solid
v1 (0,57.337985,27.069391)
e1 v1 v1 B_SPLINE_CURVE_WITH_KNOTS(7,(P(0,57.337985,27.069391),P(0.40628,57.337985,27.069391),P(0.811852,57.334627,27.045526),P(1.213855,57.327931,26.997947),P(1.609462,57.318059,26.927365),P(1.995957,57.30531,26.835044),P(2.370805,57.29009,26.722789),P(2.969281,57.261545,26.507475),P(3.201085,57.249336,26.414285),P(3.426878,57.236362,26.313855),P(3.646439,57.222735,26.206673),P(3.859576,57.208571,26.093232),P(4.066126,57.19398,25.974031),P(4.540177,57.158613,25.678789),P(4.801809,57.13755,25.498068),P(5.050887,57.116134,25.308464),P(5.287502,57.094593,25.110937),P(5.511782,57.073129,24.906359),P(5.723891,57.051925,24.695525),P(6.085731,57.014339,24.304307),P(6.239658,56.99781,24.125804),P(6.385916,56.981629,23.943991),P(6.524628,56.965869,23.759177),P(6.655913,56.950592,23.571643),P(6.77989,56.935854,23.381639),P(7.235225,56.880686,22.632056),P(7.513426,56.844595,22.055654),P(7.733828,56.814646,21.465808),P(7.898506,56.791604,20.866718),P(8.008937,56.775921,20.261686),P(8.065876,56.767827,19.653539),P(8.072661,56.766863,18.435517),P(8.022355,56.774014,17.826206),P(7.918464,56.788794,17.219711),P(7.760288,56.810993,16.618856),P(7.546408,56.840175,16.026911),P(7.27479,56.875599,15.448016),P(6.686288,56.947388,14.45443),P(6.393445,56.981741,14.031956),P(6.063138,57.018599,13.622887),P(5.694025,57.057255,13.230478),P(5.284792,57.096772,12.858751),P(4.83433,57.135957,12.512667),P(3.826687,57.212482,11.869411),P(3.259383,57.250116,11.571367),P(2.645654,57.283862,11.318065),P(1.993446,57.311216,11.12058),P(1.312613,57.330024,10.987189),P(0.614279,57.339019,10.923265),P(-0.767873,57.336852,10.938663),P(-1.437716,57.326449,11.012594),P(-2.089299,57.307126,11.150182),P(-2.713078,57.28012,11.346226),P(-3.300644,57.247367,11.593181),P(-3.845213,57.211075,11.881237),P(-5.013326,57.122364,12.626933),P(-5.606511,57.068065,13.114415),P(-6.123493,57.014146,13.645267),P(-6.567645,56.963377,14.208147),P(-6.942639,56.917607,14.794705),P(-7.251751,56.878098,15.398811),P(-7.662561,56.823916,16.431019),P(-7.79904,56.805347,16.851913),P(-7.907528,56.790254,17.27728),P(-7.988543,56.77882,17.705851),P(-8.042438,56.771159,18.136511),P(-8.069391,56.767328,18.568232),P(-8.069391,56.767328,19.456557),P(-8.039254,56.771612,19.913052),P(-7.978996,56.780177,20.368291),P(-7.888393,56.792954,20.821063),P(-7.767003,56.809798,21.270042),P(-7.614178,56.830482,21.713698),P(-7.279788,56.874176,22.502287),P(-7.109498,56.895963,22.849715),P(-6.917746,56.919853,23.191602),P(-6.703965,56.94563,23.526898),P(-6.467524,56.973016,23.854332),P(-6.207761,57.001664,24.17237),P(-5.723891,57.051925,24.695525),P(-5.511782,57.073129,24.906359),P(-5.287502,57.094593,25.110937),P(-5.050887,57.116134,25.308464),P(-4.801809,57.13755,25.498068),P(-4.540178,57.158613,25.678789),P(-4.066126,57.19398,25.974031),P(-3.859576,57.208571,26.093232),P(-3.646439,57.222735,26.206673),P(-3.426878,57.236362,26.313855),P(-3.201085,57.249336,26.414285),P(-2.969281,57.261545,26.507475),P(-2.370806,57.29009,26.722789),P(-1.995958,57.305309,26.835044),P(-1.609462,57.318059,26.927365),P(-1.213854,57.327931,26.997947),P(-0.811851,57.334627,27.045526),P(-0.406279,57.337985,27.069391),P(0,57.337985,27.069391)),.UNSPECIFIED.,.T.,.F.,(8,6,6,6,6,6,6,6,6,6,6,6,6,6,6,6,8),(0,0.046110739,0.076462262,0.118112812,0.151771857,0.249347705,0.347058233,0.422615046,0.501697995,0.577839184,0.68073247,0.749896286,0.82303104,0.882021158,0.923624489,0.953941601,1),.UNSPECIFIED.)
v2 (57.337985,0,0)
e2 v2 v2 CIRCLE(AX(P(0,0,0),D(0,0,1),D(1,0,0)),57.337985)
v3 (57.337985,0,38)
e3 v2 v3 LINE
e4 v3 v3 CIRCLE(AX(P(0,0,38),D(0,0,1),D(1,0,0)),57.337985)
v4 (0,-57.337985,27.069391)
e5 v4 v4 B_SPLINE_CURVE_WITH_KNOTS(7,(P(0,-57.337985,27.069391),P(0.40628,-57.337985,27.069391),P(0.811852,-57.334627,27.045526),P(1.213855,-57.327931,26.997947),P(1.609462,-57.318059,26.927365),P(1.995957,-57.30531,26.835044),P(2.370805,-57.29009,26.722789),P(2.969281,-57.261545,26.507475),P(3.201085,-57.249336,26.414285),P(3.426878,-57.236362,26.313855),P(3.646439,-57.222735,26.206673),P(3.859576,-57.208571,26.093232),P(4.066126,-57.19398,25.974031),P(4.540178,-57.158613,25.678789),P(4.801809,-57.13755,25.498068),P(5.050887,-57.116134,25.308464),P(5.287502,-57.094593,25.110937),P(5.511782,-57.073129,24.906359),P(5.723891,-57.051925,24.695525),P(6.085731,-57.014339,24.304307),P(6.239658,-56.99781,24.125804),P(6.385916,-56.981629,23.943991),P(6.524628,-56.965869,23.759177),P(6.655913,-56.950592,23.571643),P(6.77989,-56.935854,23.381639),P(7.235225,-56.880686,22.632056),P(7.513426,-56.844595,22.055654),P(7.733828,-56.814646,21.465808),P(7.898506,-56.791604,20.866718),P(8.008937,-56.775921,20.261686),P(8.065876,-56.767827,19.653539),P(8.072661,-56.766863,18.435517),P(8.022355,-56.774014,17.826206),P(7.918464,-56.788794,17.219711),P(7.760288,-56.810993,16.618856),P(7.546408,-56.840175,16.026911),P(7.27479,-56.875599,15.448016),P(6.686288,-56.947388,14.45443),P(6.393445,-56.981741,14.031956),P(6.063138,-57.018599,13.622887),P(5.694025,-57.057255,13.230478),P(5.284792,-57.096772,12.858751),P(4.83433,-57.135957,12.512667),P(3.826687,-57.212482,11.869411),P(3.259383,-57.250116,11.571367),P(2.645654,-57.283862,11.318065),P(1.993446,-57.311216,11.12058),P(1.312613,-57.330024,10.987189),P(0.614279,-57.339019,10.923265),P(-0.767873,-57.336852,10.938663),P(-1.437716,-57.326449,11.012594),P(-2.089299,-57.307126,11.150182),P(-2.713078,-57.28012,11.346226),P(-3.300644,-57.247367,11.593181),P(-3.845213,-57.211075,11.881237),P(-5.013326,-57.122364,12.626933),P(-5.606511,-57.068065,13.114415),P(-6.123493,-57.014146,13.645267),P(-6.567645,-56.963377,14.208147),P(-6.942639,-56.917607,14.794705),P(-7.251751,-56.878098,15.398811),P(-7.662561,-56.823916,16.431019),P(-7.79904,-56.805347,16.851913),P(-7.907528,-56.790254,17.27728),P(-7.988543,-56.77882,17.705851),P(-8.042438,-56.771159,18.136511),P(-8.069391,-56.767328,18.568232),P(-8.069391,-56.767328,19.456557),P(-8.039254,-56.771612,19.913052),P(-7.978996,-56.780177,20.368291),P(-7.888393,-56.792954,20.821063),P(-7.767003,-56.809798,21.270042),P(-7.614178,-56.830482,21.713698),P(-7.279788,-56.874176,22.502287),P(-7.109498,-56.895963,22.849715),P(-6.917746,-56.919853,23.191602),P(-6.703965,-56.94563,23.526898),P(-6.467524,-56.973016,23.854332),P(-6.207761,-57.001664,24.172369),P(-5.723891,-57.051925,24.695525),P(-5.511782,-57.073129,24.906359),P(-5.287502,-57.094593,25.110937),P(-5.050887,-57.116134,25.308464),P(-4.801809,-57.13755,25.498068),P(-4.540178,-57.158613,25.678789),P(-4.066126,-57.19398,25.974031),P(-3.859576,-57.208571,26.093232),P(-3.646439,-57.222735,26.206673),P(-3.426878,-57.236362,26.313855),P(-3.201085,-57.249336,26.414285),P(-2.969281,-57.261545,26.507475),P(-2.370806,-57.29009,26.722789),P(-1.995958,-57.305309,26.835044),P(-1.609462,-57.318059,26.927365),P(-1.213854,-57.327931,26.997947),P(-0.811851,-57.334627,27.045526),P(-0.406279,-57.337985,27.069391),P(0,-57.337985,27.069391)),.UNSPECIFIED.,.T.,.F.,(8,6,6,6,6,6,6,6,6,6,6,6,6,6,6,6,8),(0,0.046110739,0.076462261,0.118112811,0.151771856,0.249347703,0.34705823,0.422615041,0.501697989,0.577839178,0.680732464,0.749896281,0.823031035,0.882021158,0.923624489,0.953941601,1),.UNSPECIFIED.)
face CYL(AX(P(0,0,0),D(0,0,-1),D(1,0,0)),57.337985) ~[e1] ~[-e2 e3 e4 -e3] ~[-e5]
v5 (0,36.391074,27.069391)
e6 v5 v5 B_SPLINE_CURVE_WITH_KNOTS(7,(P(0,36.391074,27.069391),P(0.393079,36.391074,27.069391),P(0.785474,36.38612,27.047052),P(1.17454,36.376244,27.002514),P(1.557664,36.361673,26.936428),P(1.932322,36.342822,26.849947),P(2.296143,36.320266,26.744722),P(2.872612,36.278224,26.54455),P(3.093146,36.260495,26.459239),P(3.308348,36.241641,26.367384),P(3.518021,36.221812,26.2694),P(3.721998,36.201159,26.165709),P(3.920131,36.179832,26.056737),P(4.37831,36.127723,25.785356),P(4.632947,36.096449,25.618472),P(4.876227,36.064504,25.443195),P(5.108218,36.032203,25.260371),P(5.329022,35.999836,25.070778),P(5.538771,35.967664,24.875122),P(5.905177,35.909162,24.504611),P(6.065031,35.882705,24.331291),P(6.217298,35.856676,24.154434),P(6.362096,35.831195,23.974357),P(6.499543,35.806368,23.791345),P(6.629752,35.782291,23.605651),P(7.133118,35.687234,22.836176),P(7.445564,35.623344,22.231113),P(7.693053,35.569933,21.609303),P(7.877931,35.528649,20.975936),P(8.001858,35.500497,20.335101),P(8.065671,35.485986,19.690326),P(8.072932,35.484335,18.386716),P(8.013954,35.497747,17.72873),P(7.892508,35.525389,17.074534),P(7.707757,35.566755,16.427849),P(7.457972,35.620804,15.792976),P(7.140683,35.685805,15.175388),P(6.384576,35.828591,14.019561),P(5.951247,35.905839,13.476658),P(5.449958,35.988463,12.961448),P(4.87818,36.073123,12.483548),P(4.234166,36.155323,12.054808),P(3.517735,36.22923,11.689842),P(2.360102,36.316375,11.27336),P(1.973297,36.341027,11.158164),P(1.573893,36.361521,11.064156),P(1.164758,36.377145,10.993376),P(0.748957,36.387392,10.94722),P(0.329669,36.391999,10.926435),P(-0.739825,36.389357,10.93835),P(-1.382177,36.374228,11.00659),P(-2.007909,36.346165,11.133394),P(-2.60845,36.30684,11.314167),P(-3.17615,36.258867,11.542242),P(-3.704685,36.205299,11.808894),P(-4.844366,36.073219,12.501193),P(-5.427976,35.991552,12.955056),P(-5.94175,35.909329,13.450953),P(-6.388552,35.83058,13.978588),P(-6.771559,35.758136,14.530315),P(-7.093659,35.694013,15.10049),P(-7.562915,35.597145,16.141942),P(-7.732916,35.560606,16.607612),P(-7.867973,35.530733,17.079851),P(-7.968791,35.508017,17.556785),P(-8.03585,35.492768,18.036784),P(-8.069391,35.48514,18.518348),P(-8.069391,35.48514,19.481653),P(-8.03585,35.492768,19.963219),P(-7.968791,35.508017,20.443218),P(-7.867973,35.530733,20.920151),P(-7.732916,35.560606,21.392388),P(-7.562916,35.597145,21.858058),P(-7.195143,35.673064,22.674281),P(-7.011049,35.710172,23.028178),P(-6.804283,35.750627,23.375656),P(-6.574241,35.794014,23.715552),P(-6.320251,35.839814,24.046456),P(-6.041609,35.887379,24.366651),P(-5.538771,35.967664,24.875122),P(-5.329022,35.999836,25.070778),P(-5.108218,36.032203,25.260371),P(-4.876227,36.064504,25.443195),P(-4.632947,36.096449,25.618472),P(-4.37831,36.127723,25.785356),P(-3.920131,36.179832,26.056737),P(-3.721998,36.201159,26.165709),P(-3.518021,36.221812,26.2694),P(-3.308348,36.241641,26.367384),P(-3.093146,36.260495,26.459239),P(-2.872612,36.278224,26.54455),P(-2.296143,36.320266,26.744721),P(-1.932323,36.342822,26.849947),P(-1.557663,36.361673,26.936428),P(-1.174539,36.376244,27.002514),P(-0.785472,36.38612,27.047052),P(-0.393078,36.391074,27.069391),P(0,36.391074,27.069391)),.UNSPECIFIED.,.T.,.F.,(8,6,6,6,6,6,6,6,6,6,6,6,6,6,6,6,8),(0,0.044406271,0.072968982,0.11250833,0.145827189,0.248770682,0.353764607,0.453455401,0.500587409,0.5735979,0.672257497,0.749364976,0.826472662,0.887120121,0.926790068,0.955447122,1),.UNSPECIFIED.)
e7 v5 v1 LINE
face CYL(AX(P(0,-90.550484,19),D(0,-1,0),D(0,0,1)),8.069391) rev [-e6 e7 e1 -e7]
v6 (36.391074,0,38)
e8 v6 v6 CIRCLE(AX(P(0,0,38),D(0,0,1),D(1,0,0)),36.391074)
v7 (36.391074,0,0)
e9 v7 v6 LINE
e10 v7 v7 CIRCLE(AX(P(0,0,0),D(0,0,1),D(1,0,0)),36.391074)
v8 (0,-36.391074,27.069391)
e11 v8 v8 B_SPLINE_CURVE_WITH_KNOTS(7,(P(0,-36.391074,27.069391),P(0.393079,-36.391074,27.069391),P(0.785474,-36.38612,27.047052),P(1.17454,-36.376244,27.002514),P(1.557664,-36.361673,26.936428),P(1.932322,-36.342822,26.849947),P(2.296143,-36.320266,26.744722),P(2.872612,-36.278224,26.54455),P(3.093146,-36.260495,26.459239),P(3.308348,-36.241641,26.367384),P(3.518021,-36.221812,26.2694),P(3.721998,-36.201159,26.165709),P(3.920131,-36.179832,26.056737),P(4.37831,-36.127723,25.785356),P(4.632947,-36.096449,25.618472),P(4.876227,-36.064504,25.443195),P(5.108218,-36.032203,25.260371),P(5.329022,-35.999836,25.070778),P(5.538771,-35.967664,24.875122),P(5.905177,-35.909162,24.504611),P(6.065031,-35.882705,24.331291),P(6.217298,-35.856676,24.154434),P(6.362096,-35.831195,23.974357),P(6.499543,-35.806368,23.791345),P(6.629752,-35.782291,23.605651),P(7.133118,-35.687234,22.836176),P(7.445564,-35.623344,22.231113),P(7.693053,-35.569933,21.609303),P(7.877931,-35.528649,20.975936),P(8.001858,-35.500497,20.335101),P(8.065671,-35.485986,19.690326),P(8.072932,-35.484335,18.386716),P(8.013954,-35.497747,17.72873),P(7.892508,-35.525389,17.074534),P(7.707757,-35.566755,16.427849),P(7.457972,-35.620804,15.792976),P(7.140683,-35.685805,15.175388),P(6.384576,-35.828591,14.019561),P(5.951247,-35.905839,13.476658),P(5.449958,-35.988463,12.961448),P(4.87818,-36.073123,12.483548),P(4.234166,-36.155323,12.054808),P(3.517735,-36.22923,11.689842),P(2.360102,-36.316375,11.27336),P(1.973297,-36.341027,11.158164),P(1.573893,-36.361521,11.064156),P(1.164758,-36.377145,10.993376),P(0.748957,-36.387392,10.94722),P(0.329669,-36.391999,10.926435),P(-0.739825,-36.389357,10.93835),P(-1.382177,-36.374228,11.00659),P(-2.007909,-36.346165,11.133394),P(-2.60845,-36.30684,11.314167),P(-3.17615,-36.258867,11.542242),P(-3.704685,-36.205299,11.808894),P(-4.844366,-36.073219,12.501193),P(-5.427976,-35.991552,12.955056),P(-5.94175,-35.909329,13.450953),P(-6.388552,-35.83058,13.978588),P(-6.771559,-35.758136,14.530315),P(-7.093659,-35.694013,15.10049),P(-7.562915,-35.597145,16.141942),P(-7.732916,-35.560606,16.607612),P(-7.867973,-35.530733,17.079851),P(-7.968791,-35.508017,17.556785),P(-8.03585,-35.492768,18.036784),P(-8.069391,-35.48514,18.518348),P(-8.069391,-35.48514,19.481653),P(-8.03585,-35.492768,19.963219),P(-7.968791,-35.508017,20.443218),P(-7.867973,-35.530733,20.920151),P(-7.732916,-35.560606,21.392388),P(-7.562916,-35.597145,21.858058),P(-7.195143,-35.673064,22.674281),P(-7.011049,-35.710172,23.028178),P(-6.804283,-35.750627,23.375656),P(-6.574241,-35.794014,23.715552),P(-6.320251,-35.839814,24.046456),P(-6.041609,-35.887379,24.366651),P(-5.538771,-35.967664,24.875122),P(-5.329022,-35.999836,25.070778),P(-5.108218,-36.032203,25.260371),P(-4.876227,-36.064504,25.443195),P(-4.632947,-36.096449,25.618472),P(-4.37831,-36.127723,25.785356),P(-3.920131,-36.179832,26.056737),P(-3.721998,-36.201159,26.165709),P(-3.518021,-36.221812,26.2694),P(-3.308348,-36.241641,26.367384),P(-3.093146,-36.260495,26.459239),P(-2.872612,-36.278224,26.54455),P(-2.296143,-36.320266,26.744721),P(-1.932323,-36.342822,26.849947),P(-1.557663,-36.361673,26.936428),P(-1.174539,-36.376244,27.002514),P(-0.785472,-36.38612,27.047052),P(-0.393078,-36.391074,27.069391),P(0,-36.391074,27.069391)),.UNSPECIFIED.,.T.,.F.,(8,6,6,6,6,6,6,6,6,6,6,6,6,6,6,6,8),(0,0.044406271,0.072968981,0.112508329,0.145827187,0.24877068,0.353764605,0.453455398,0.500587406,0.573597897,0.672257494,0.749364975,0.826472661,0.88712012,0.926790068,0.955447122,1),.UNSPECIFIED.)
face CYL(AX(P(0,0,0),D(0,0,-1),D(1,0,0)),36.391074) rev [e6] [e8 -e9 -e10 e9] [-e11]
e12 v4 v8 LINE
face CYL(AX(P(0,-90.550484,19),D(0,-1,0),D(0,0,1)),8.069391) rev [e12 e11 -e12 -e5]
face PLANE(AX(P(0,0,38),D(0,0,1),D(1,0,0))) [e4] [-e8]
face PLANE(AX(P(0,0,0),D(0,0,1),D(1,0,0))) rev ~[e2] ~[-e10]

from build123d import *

# Parameters (mm, degrees)
SKETCH1_R               = 57.337985499
SKETCH1_R_2             = 36.391073902
BOSS_EXTRUDE2_DEPTH     = 38
CUT_EXTRUDE1_DEPTH      = 90.550483875
CUT_EXTRUDE1_DEPTH_BACK = 90.550483875
SKETCH2_R               = 8.06939109


with BuildPart() as part:
    # Sketch1 → Boss-Extrude2 (new body)
    with BuildSketch(Plane.XY):
        Circle(SKETCH1_R)
        Circle(SKETCH1_R_2, mode=Mode.SUBTRACT)
    extrude(amount=BOSS_EXTRUDE2_DEPTH)

    # Sketch2 → Cut-Extrude1 (cut, two sides: drawn at the far end of the back side and taken through both)
    with BuildSketch(Plane(origin=(0, 0, 0), x_dir=(1, 0, 0), z_dir=(0, 1, 0)).offset(-CUT_EXTRUDE1_DEPTH_BACK)):
        with Locations(Location((0, -19, 0), (0, 0, 270))):
            Circle(SKETCH2_R)
    extrude(amount=CUT_EXTRUDE1_DEPTH + CUT_EXTRUDE1_DEPTH_BACK, mode=Mode.SUBTRACT)


solid = part.part
